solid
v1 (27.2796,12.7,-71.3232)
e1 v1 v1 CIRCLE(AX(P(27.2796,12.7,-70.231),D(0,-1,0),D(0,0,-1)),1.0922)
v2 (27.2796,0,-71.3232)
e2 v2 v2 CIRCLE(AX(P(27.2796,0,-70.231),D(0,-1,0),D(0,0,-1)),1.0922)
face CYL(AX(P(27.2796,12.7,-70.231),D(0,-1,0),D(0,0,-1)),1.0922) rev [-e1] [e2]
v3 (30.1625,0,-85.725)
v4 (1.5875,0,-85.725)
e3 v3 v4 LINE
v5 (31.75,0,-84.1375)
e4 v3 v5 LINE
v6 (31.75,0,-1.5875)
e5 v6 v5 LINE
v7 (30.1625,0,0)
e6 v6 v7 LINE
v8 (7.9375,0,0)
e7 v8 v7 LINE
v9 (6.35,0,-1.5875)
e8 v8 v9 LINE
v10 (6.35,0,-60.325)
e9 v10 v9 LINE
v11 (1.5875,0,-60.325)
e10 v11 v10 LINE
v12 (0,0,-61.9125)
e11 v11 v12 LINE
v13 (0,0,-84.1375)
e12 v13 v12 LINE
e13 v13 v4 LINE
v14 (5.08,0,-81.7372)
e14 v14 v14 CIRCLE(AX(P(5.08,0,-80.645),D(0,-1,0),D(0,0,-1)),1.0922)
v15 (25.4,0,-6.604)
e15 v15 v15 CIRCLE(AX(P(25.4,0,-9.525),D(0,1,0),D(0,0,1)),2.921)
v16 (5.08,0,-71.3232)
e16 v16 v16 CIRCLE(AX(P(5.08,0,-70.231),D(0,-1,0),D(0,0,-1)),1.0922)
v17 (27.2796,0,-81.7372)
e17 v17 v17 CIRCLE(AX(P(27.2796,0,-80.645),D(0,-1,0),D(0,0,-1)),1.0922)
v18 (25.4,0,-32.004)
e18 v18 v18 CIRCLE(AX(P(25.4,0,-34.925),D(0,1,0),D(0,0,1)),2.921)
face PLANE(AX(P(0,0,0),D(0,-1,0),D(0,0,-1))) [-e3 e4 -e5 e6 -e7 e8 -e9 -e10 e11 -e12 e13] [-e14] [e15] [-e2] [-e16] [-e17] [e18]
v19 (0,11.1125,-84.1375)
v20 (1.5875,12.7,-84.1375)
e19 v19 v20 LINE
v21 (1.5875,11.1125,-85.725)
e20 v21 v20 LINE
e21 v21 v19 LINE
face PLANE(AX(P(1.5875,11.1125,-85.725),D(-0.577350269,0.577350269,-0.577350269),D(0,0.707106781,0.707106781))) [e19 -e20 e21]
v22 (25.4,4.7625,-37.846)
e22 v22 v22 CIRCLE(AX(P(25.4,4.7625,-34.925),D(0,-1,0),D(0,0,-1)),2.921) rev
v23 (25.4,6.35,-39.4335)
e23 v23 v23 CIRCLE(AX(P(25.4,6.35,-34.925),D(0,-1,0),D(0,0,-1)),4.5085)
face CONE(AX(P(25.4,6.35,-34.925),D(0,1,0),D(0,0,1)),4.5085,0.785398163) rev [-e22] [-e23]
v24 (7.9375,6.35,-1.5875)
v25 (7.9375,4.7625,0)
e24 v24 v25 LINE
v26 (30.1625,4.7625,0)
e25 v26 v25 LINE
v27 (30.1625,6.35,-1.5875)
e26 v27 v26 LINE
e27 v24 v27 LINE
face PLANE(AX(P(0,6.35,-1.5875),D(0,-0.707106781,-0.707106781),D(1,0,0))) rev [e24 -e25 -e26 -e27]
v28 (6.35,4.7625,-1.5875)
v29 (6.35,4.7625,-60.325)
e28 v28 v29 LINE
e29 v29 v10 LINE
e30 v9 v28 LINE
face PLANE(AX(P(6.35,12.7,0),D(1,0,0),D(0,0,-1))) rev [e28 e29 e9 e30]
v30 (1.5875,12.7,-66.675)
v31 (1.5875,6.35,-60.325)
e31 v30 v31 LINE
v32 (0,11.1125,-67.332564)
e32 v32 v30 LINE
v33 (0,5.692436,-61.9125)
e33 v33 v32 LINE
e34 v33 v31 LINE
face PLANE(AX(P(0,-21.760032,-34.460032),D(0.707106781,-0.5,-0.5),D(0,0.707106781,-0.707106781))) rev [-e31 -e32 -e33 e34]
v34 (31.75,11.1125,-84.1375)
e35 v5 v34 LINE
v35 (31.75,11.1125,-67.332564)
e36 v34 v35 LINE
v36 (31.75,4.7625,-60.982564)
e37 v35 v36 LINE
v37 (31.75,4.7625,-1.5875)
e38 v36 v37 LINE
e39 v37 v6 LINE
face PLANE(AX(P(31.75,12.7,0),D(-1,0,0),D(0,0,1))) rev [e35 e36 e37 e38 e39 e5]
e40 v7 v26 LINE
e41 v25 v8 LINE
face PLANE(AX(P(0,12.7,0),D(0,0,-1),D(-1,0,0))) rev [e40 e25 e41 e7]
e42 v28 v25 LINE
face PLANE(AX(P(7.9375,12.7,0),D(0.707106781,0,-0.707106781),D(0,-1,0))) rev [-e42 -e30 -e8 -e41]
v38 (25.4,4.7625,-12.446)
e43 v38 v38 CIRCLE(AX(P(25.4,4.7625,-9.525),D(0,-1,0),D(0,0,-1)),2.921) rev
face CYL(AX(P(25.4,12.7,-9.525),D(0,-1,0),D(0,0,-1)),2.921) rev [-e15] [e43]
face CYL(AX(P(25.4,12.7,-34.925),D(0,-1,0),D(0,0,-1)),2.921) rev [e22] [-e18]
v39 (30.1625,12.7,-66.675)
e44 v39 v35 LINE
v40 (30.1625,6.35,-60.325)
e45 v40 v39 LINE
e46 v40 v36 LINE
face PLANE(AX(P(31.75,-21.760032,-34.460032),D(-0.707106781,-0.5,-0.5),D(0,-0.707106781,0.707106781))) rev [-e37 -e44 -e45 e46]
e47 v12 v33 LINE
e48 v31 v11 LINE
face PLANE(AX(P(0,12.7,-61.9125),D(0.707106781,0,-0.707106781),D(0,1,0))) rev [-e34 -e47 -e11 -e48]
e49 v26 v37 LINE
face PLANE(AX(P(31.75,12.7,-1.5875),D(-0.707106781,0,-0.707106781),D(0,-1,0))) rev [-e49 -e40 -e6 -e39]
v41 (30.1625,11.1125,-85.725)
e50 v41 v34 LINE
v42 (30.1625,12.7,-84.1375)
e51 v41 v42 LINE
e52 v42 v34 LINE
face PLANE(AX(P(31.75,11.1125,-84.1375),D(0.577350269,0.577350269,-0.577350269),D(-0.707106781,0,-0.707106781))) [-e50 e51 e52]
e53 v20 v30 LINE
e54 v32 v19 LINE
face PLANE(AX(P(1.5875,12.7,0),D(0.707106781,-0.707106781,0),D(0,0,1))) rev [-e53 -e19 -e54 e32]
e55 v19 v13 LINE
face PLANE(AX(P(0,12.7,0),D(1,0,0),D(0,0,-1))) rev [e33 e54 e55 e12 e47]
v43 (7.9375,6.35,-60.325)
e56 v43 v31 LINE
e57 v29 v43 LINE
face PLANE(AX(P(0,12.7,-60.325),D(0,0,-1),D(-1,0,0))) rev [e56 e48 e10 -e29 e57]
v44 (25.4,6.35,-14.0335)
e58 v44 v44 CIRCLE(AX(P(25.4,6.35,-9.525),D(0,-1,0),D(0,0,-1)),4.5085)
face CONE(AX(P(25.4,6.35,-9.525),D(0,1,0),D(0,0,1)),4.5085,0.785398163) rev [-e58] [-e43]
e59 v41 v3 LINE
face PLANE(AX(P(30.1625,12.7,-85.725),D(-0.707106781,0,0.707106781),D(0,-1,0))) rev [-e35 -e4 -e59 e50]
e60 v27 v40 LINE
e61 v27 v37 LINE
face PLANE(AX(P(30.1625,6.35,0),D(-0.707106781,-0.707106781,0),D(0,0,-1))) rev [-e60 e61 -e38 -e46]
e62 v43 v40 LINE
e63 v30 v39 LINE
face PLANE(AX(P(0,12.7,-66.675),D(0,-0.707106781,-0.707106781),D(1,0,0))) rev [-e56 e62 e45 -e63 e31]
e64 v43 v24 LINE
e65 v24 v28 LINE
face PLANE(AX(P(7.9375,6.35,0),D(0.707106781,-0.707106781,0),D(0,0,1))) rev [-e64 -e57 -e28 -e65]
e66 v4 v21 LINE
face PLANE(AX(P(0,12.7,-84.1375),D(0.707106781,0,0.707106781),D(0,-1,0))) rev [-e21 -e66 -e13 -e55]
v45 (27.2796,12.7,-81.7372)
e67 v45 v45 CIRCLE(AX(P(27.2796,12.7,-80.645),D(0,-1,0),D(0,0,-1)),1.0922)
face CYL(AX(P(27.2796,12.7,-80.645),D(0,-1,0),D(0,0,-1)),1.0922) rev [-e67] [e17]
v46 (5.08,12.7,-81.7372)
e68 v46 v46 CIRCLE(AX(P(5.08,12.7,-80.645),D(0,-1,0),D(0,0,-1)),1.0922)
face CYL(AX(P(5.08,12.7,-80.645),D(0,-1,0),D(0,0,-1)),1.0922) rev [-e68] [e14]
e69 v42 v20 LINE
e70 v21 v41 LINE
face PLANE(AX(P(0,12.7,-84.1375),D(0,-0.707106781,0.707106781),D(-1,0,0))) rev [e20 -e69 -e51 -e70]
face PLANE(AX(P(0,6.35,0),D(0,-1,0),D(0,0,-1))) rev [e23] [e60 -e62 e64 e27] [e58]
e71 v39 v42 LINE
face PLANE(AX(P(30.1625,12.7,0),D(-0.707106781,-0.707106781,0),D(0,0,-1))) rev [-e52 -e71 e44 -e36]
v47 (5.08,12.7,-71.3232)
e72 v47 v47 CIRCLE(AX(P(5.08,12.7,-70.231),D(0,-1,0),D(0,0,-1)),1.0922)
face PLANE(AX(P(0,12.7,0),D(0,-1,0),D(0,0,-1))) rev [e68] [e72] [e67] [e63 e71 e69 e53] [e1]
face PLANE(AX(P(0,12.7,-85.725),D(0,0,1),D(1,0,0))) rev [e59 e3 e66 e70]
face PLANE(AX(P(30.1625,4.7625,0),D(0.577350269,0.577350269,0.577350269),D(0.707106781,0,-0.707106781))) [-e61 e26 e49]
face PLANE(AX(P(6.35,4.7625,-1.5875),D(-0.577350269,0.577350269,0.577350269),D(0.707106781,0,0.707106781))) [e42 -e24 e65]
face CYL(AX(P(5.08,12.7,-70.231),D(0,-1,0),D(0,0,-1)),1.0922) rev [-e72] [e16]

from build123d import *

# Parameters (mm, degrees)
SKETCH1_W           = 31.75
SKETCH1_H           = 85.725
SKETCH1_R           = 2.921
BOSS_EXTRUDE1_DEPTH = 12.7
SKETCH2_W           = 60.325
SKETCH2_H           = 6.35
CUT_EXTRUDE1_DEPTH  = 93.293705771
SKETCH3_R           = 1.0922
SKETCH3_W           = 6.35
SKETCH3_H           = 60.325
CUT_EXTRUDE2_DEPTH  = 93.293705771
CHAMFER1_SIZE       = 6.35
CHAMFER2_SIZE       = 1.5875


with BuildPart() as part:
    # Sketch1 → Boss-Extrude1 (new body)
    with BuildSketch(Plane(origin=(0, 0, 0), x_dir=(1, 0, 0), z_dir=(0, 1, 0))):
        with Locations((15.875, 42.8625)):
            Rectangle(SKETCH1_W, SKETCH1_H)
        with Locations(Location((25.4, 9.525, 0), (0, 0, 270))):
            Circle(SKETCH1_R, mode=Mode.SUBTRACT)
        with Locations(Location((25.4, 34.925, 0), (0, 0, 270))):
            Circle(SKETCH1_R, mode=Mode.SUBTRACT)
    extrude(amount=BOSS_EXTRUDE1_DEPTH)

    # Sketch2 → Cut-Extrude1 (cut, through all)
    with BuildSketch(Plane(origin=(31.75, 0, 0), x_dir=(0, 0, -1), z_dir=(1, 0, 0))):
        with Locations((30.1625, 9.525)):
            Rectangle(SKETCH2_W, SKETCH2_H)
    extrude(amount=-CUT_EXTRUDE1_DEPTH, mode=Mode.SUBTRACT)

    # Sketch3 → Cut-Extrude2 (cut, through all)
    with BuildSketch(Plane.XZ):
        with Locations(Location((27.2796, -70.231, 0), (0, 0, 270))):
            Circle(SKETCH3_R)
        with Locations(Location((5.08, -80.645, 0), (0, 0, 270))):
            Circle(SKETCH3_R)
        with Locations(Location((27.2796, -80.645, 0), (0, 0, 270))):
            Circle(SKETCH3_R)
        with Locations(Location((5.08, -70.231, 0), (0, 0, 270))):
            Circle(SKETCH3_R)
        with Locations((3.175, -30.1625)):
            Rectangle(SKETCH3_W, SKETCH3_H)
    extrude(amount=-CUT_EXTRUDE2_DEPTH, mode=Mode.SUBTRACT)

    # Chamfer1
    chamfer1_edges = [part.edges().sort_by_distance(p)[0] for p in [
        (15.875, 12.7, -60.325),
    ]]
    chamfer(chamfer1_edges, length=CHAMFER1_SIZE)

    # Chamfer2
    chamfer2_edges = [part.edges().sort_by_distance(p)[0] for p in [
        (15.875, 12.7, -85.725),
        (31.75, 3.175, 0),
        (25.4, 6.35, -12.446),
        (25.4, 6.35, -37.846),
        (0, 3.175, -60.325),
        (31.75, 6.35, -30.1625),
        (19.05, 6.35, 0),
        (6.35, 6.35, -30.1625),
        (0, 12.7, -76.2),
        (6.35, 3.175, 0),
        (0, 6.35, -85.725),
        (31.75, 6.35, -85.725),
        (31.75, 12.7, -76.2),
        (31.75, 9.525, -63.5),
        (0, 9.525, -63.5),
    ]]
    chamfer(chamfer2_edges, length=CHAMFER2_SIZE)


solid = part.part
